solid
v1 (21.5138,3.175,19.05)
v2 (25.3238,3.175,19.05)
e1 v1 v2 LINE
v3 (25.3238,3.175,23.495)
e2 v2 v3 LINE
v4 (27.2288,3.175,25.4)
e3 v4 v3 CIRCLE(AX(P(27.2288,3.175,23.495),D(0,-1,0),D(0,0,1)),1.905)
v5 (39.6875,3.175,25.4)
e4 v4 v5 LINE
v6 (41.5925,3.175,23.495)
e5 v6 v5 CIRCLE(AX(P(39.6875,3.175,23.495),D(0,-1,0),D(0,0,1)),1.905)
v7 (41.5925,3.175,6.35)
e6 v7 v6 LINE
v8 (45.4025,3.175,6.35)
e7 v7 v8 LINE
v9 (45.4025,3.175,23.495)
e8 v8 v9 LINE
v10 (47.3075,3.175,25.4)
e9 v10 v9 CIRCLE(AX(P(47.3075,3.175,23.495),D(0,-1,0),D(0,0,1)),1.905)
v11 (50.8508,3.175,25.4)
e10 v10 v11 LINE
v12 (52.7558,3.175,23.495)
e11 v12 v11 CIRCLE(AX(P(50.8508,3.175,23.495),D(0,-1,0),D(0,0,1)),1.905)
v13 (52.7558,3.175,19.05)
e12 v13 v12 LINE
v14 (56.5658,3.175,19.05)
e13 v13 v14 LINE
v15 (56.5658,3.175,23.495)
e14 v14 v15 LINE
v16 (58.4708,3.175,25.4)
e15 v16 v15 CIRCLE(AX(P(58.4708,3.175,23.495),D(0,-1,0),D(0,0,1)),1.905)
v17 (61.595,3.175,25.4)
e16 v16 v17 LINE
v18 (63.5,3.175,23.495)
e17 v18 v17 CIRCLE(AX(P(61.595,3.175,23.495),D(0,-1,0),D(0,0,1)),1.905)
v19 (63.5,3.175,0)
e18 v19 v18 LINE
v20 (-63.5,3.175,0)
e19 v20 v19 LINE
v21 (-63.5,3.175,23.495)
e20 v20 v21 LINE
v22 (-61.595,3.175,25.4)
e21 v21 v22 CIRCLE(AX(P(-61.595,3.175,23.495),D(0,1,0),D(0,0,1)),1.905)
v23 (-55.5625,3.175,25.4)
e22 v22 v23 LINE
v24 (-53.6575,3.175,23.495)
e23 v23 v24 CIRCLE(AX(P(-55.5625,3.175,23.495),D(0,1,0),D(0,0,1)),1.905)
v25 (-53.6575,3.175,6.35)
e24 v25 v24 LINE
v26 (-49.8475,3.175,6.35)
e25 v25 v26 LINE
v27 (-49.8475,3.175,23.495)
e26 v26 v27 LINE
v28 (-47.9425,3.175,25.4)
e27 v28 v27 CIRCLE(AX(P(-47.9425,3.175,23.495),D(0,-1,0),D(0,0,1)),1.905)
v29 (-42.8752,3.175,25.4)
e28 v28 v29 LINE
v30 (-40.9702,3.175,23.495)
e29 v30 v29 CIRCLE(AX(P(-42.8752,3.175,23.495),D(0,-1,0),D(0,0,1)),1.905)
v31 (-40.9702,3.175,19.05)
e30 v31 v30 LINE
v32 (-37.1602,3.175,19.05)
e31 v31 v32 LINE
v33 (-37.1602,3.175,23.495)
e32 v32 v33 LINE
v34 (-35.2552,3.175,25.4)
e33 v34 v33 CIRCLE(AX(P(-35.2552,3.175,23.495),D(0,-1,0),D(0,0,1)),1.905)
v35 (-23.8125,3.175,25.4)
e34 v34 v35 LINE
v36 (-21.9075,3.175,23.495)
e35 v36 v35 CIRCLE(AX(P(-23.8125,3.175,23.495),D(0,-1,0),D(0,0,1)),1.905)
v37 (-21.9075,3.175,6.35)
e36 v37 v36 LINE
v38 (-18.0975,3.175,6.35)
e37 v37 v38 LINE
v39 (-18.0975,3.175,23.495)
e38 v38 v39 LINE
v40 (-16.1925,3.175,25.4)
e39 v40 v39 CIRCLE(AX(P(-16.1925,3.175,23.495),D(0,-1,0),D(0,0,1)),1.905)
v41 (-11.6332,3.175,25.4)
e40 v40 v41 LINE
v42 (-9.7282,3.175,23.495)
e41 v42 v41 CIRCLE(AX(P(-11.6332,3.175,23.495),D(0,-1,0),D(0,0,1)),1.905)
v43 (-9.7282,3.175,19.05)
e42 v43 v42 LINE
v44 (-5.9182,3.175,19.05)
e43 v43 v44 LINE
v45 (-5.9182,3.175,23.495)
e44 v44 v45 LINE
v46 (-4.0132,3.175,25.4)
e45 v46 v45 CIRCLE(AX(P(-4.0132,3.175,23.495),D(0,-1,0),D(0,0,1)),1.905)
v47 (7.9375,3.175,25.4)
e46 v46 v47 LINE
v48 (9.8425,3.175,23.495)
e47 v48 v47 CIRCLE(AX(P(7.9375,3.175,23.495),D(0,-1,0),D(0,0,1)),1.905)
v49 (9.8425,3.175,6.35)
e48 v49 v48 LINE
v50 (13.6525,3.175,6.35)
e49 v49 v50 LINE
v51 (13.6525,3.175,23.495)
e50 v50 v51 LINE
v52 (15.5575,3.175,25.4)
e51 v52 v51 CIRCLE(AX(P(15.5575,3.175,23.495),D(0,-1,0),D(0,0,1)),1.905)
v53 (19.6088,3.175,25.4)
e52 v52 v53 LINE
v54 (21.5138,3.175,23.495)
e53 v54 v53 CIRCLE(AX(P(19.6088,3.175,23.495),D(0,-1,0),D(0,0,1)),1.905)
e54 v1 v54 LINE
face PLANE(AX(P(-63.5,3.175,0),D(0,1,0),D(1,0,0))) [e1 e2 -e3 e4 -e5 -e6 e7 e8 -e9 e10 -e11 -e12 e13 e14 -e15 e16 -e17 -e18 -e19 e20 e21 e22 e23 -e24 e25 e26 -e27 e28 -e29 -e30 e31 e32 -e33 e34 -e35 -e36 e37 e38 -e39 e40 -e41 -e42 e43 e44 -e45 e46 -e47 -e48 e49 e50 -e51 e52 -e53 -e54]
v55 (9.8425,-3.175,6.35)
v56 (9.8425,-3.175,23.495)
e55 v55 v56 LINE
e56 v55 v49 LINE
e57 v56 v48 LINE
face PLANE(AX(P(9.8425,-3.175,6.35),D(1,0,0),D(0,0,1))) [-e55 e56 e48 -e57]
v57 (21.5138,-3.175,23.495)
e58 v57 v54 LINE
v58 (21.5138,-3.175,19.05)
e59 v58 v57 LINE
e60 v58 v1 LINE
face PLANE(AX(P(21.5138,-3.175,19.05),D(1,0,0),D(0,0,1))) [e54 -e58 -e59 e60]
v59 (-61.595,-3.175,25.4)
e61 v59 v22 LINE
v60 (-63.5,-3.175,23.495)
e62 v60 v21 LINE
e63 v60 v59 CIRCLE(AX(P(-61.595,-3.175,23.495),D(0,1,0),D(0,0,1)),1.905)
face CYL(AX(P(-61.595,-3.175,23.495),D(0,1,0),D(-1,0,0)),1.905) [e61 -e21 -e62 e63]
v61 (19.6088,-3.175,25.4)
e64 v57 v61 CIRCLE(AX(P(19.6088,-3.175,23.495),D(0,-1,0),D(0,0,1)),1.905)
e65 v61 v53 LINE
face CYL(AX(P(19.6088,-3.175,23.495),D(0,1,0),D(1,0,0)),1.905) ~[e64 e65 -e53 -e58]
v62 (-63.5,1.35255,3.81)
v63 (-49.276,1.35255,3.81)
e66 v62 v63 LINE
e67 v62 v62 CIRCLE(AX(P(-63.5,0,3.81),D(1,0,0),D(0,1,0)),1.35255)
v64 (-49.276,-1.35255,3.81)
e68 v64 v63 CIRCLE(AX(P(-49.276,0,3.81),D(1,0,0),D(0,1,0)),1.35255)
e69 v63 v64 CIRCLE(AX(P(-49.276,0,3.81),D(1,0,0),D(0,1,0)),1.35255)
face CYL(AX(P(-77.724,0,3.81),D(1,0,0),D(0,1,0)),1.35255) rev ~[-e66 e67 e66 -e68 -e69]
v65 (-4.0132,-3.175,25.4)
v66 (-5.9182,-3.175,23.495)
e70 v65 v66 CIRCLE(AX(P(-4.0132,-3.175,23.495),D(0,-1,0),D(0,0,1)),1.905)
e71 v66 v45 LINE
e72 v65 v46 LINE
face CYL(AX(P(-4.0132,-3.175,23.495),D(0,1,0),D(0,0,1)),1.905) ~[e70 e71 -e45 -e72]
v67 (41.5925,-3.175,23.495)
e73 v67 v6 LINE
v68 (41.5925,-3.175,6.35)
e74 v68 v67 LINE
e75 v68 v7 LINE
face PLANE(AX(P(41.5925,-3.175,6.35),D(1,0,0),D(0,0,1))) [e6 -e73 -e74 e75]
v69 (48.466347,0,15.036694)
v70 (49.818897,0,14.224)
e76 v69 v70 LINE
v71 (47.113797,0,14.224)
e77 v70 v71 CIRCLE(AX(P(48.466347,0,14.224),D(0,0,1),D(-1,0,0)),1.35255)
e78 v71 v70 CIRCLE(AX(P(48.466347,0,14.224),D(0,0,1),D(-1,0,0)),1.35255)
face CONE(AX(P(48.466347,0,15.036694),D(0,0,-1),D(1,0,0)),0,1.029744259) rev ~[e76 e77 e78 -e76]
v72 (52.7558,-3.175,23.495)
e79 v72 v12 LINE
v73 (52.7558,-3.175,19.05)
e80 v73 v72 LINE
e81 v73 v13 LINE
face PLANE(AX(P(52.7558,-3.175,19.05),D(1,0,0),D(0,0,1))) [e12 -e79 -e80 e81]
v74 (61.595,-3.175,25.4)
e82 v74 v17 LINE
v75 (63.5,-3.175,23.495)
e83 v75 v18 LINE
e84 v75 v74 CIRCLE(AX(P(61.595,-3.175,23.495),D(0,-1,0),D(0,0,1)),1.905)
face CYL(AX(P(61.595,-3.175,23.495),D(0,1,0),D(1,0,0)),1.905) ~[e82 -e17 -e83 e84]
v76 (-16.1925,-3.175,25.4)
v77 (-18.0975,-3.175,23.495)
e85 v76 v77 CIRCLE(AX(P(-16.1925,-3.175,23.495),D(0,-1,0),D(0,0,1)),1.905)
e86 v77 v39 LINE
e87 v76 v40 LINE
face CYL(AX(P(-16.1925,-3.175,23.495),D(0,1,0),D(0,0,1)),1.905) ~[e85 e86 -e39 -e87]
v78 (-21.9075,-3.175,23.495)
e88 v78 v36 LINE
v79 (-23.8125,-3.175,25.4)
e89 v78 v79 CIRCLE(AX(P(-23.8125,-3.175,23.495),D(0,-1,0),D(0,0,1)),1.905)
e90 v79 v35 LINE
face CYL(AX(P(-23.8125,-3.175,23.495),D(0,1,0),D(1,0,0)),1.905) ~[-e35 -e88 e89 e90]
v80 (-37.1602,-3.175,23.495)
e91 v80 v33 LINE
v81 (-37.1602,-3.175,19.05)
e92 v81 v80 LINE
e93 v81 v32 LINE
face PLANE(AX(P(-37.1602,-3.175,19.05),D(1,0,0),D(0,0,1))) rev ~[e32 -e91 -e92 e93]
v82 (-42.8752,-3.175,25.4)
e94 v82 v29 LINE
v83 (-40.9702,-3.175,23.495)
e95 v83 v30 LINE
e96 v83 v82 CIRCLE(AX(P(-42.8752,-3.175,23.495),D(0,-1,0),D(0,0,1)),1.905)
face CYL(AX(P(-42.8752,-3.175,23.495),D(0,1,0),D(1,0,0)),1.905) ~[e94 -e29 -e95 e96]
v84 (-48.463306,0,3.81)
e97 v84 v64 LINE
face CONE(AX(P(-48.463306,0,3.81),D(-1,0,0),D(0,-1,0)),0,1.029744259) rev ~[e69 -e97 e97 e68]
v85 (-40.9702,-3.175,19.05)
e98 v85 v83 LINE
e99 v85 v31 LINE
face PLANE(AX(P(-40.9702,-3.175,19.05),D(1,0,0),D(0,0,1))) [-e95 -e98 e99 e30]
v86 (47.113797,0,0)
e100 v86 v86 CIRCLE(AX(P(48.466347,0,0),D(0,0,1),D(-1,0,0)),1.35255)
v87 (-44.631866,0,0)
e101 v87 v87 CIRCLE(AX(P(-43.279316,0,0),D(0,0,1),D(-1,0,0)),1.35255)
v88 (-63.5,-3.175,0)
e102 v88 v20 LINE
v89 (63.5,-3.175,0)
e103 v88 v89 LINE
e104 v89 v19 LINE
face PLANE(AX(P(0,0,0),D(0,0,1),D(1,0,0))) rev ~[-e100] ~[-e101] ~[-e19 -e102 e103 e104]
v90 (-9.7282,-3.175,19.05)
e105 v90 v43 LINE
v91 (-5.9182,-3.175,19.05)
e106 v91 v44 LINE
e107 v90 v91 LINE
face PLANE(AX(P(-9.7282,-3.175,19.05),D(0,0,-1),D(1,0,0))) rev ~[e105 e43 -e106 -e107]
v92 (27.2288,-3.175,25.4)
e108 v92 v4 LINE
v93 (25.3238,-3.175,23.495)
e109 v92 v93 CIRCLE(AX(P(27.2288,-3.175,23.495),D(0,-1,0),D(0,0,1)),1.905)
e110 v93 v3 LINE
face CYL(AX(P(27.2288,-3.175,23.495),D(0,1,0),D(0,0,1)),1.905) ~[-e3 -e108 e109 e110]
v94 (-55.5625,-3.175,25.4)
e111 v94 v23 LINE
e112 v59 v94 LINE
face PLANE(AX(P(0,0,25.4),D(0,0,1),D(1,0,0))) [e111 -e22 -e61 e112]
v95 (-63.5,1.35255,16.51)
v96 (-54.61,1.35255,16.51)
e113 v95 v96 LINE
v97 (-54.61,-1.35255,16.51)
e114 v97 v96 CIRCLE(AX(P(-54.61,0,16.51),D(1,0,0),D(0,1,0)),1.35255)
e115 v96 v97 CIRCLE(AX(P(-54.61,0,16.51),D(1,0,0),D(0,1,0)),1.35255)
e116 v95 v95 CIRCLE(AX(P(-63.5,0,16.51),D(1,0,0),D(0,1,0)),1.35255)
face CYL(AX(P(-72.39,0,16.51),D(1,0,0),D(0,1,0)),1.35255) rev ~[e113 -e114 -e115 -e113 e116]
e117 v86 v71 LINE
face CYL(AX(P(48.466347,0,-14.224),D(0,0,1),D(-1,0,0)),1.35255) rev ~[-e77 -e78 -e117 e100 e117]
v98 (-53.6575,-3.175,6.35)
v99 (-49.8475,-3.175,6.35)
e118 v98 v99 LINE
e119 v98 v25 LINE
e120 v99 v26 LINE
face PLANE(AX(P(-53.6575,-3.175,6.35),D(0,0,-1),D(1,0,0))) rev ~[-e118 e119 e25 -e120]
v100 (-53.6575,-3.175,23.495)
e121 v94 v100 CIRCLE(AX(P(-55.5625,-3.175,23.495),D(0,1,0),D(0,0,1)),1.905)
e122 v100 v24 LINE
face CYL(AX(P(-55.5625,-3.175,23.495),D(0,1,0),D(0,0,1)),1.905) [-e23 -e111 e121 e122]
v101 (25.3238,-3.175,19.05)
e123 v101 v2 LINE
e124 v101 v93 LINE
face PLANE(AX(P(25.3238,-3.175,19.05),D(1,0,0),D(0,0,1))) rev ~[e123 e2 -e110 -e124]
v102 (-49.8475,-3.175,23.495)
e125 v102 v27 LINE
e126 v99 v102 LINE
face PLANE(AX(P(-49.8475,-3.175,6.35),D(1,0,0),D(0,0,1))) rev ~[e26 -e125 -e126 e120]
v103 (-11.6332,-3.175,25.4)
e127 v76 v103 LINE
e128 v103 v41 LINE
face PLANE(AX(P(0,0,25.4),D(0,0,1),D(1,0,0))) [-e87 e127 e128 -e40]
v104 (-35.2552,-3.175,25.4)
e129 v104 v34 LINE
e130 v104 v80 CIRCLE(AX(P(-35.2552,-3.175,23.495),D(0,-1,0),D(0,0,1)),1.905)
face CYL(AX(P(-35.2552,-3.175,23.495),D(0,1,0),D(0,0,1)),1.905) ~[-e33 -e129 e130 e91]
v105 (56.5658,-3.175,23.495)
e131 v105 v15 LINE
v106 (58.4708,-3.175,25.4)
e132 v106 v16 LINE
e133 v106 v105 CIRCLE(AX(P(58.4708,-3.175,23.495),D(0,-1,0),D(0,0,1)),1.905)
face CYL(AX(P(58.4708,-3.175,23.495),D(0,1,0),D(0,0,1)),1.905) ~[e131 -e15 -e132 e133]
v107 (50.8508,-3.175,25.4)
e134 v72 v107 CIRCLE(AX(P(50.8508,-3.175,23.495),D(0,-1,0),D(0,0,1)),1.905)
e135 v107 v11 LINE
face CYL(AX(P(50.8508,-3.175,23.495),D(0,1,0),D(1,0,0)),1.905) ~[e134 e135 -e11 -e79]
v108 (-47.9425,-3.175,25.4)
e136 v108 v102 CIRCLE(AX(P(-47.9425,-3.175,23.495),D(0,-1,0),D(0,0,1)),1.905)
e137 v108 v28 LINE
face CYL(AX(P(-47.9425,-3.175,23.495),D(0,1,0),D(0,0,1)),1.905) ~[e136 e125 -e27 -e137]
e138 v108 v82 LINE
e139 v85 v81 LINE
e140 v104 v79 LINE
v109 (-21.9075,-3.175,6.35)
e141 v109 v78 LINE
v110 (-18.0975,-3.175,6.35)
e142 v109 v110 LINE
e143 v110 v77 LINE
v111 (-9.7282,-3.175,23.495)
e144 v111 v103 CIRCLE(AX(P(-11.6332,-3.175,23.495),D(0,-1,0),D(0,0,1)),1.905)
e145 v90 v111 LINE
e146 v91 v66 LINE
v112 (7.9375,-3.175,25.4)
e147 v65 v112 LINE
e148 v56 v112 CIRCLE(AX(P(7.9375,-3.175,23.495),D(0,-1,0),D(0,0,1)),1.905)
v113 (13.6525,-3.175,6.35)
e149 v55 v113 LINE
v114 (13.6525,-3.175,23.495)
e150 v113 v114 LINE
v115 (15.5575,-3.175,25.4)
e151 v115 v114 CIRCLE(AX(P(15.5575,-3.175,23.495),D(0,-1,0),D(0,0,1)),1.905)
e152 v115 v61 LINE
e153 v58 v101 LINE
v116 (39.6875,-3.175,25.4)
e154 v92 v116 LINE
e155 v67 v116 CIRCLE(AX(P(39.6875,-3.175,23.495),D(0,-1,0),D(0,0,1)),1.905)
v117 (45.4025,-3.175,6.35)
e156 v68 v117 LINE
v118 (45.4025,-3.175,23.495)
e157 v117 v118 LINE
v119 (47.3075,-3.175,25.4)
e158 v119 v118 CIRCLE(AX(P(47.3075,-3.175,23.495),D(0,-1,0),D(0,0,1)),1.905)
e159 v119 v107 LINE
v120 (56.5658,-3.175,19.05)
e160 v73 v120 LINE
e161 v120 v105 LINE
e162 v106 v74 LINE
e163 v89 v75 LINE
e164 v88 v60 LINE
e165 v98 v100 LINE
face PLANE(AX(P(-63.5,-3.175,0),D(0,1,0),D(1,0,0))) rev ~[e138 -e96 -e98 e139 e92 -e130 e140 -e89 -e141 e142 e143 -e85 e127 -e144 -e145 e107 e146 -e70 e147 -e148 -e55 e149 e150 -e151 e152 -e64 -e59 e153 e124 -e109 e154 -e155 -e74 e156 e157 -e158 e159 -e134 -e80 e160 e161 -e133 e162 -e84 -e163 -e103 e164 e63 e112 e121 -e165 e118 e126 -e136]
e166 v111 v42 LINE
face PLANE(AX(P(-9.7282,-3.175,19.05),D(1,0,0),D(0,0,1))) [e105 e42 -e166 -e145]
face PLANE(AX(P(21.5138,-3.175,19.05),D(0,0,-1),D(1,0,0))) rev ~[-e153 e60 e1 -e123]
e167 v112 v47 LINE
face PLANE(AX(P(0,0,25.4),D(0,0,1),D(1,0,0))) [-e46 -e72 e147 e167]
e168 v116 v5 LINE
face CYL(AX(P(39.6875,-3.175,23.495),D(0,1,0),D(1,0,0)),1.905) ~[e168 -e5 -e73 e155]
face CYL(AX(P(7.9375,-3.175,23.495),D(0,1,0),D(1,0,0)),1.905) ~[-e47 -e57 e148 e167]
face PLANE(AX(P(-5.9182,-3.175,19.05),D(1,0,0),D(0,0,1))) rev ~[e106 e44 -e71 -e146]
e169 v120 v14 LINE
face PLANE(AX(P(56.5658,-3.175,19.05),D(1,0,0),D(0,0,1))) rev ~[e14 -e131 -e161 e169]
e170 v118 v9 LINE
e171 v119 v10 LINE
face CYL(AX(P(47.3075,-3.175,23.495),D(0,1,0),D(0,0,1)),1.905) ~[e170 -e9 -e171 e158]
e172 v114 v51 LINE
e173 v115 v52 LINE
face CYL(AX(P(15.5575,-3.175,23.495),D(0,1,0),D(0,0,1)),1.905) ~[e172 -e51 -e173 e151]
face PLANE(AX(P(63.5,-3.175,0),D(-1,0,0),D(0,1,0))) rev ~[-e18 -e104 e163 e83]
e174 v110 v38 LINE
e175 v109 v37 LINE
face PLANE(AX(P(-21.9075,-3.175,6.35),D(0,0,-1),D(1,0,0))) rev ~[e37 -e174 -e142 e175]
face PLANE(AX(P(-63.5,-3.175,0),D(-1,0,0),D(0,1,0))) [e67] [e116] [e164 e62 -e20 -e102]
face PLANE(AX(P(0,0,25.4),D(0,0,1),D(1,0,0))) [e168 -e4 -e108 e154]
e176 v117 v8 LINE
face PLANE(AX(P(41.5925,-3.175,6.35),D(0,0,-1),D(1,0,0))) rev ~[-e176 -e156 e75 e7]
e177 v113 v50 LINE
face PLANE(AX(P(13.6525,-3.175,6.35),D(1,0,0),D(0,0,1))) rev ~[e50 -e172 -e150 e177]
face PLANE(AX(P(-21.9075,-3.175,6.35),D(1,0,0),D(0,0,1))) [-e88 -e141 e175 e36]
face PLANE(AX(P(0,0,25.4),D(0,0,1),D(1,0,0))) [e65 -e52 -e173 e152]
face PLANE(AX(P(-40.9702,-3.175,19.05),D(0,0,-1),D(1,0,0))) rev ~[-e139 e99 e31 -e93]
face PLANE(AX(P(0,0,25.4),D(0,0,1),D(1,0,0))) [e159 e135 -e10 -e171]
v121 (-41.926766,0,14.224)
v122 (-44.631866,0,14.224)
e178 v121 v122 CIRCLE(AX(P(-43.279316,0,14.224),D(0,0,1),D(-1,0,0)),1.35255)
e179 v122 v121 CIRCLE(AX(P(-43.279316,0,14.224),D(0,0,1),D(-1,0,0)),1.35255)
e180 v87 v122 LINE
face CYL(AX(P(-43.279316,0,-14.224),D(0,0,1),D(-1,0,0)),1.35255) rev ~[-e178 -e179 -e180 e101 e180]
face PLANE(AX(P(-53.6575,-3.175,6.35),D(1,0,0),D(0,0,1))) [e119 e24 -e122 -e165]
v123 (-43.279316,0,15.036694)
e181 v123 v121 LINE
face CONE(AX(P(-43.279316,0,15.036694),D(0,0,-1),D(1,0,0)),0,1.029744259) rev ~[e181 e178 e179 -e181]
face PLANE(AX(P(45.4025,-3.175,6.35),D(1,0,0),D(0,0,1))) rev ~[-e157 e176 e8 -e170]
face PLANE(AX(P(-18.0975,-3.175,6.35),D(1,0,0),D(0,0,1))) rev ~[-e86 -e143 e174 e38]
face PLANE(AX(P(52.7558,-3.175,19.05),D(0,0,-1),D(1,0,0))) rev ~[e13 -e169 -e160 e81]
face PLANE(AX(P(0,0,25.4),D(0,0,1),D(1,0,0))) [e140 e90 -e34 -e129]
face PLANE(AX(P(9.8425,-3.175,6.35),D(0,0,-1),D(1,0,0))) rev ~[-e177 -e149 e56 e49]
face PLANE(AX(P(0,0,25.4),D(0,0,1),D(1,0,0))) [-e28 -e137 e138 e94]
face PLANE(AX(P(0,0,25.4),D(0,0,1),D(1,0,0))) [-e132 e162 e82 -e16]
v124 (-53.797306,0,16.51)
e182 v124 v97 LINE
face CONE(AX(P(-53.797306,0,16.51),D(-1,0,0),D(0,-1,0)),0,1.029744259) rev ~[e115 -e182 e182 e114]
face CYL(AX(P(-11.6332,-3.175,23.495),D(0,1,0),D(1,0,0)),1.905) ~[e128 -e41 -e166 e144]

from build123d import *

# Parameters (mm, degrees)
F0_W           = 127
F0_H           = 6.35
F1_DEPTH       = 25.4
F2_W           = 3.81
F2_H           = 19.05
F2_H_2         = 6.35
F3_DEPTH       = 6.35
F4_R           = 1.905
F7_D           = 2.7051
F7_DEPTH       = 14.224
F7_TIP         = 0.8126940303
F7_ON_F6_D     = 2.7051
F7_ON_F6_DEPTH = 14.224
F7_ON_F6_TIP   = 0.8126940303
F8_D           = 2.7051
F8_DEPTH       = 8.89
F8_TIP         = 0.8126940303


with BuildPart() as f1:
    # F0 (on Top) → F1 (new body)
    with BuildSketch(Plane.XY):
        Rectangle(F0_W, F0_H)
    extrude(amount=F1_DEPTH)

    # F2 (on face) → F3 (cut, through all)
    with BuildSketch(Plane.XZ.offset(3.175)):
        with Locations((-51.7525, 15.875)):
            Rectangle(F2_W, F2_H)
        with Locations((-20.0025, 15.875)):
            Rectangle(F2_W, F2_H)
        with Locations((11.7475, 15.875)):
            Rectangle(F2_W, F2_H)
        with Locations((43.4975, 15.875)):
            Rectangle(F2_W, F2_H)
        with Locations((-39.0652, 22.225)):
            Rectangle(F2_W, F2_H_2)
        with Locations((-7.8232, 22.225)):
            Rectangle(F2_W, F2_H_2)
        with Locations((23.4188, 22.225)):
            Rectangle(F2_W, F2_H_2)
        with Locations((54.6608, 22.225)):
            Rectangle(F2_W, F2_H_2)
    extrude(amount=-F3_DEPTH, mode=Mode.SUBTRACT)

    # F4
    f4_edges = [f1.edges().sort_by_distance(p)[0] for p in [
        (-53.6575, 0, 25.4),
        (-49.8475, 0, 25.4),
        (-21.9075, 0, 25.4),
        (-18.0975, 0, 25.4),
        (9.8425, 0, 25.4),
        (13.6525, 0, 25.4),
        (41.5925, 0, 25.4),
        (45.4025, 0, 25.4),
        (-40.9702, 0, 25.4),
        (-37.1602, 0, 25.4),
        (-9.7282, 0, 25.4),
        (-5.9182, 0, 25.4),
        (21.5138, 0, 25.4),
        (25.3238, 0, 25.4),
        (52.7558, 0, 25.4),
        (56.5658, 0, 25.4),
        (63.5, 0, 25.4),
        (-63.5, 0, 25.4),
    ]]
    fillet(f4_edges, radius=F4_R)

    # F7
    with Locations(Plane(origin=(0, 0, 0), x_dir=(1, 0, 0), z_dir=(0, 0, -1))):
        with Locations((-43.2793162763, 0), (48.466347158, 0)):
            Hole(F7_D / 2, depth=F7_DEPTH)
            with Locations((0, 0, -(F7_DEPTH + F7_TIP / 2))):  # 118° drill point
                Cone(0, F7_D / 2, F7_TIP, mode=Mode.SUBTRACT)

    # F7 on F6
    with Locations(Plane(origin=(-63.5, 0, 0), x_dir=(0, -1, 0), z_dir=(-1, 0, 0))):
        with Locations((0, 3.81)):
            Hole(F7_ON_F6_D / 2, depth=F7_ON_F6_DEPTH)
            with Locations((0, 0, -(F7_ON_F6_DEPTH + F7_ON_F6_TIP / 2))):  # 118° drill point
                Cone(0, F7_ON_F6_D / 2, F7_ON_F6_TIP, mode=Mode.SUBTRACT)

    # F8
    with Locations(Plane(origin=(-63.5, 0, 0), x_dir=(0, -1, 0), z_dir=(-1, 0, 0))):
        with Locations((0, 16.51)):
            Hole(F8_D / 2, depth=F8_DEPTH)
            with Locations((0, 0, -(F8_DEPTH + F8_TIP / 2))):  # 118° drill point
                Cone(0, F8_D / 2, F8_TIP, mode=Mode.SUBTRACT)


solid = f1.part
